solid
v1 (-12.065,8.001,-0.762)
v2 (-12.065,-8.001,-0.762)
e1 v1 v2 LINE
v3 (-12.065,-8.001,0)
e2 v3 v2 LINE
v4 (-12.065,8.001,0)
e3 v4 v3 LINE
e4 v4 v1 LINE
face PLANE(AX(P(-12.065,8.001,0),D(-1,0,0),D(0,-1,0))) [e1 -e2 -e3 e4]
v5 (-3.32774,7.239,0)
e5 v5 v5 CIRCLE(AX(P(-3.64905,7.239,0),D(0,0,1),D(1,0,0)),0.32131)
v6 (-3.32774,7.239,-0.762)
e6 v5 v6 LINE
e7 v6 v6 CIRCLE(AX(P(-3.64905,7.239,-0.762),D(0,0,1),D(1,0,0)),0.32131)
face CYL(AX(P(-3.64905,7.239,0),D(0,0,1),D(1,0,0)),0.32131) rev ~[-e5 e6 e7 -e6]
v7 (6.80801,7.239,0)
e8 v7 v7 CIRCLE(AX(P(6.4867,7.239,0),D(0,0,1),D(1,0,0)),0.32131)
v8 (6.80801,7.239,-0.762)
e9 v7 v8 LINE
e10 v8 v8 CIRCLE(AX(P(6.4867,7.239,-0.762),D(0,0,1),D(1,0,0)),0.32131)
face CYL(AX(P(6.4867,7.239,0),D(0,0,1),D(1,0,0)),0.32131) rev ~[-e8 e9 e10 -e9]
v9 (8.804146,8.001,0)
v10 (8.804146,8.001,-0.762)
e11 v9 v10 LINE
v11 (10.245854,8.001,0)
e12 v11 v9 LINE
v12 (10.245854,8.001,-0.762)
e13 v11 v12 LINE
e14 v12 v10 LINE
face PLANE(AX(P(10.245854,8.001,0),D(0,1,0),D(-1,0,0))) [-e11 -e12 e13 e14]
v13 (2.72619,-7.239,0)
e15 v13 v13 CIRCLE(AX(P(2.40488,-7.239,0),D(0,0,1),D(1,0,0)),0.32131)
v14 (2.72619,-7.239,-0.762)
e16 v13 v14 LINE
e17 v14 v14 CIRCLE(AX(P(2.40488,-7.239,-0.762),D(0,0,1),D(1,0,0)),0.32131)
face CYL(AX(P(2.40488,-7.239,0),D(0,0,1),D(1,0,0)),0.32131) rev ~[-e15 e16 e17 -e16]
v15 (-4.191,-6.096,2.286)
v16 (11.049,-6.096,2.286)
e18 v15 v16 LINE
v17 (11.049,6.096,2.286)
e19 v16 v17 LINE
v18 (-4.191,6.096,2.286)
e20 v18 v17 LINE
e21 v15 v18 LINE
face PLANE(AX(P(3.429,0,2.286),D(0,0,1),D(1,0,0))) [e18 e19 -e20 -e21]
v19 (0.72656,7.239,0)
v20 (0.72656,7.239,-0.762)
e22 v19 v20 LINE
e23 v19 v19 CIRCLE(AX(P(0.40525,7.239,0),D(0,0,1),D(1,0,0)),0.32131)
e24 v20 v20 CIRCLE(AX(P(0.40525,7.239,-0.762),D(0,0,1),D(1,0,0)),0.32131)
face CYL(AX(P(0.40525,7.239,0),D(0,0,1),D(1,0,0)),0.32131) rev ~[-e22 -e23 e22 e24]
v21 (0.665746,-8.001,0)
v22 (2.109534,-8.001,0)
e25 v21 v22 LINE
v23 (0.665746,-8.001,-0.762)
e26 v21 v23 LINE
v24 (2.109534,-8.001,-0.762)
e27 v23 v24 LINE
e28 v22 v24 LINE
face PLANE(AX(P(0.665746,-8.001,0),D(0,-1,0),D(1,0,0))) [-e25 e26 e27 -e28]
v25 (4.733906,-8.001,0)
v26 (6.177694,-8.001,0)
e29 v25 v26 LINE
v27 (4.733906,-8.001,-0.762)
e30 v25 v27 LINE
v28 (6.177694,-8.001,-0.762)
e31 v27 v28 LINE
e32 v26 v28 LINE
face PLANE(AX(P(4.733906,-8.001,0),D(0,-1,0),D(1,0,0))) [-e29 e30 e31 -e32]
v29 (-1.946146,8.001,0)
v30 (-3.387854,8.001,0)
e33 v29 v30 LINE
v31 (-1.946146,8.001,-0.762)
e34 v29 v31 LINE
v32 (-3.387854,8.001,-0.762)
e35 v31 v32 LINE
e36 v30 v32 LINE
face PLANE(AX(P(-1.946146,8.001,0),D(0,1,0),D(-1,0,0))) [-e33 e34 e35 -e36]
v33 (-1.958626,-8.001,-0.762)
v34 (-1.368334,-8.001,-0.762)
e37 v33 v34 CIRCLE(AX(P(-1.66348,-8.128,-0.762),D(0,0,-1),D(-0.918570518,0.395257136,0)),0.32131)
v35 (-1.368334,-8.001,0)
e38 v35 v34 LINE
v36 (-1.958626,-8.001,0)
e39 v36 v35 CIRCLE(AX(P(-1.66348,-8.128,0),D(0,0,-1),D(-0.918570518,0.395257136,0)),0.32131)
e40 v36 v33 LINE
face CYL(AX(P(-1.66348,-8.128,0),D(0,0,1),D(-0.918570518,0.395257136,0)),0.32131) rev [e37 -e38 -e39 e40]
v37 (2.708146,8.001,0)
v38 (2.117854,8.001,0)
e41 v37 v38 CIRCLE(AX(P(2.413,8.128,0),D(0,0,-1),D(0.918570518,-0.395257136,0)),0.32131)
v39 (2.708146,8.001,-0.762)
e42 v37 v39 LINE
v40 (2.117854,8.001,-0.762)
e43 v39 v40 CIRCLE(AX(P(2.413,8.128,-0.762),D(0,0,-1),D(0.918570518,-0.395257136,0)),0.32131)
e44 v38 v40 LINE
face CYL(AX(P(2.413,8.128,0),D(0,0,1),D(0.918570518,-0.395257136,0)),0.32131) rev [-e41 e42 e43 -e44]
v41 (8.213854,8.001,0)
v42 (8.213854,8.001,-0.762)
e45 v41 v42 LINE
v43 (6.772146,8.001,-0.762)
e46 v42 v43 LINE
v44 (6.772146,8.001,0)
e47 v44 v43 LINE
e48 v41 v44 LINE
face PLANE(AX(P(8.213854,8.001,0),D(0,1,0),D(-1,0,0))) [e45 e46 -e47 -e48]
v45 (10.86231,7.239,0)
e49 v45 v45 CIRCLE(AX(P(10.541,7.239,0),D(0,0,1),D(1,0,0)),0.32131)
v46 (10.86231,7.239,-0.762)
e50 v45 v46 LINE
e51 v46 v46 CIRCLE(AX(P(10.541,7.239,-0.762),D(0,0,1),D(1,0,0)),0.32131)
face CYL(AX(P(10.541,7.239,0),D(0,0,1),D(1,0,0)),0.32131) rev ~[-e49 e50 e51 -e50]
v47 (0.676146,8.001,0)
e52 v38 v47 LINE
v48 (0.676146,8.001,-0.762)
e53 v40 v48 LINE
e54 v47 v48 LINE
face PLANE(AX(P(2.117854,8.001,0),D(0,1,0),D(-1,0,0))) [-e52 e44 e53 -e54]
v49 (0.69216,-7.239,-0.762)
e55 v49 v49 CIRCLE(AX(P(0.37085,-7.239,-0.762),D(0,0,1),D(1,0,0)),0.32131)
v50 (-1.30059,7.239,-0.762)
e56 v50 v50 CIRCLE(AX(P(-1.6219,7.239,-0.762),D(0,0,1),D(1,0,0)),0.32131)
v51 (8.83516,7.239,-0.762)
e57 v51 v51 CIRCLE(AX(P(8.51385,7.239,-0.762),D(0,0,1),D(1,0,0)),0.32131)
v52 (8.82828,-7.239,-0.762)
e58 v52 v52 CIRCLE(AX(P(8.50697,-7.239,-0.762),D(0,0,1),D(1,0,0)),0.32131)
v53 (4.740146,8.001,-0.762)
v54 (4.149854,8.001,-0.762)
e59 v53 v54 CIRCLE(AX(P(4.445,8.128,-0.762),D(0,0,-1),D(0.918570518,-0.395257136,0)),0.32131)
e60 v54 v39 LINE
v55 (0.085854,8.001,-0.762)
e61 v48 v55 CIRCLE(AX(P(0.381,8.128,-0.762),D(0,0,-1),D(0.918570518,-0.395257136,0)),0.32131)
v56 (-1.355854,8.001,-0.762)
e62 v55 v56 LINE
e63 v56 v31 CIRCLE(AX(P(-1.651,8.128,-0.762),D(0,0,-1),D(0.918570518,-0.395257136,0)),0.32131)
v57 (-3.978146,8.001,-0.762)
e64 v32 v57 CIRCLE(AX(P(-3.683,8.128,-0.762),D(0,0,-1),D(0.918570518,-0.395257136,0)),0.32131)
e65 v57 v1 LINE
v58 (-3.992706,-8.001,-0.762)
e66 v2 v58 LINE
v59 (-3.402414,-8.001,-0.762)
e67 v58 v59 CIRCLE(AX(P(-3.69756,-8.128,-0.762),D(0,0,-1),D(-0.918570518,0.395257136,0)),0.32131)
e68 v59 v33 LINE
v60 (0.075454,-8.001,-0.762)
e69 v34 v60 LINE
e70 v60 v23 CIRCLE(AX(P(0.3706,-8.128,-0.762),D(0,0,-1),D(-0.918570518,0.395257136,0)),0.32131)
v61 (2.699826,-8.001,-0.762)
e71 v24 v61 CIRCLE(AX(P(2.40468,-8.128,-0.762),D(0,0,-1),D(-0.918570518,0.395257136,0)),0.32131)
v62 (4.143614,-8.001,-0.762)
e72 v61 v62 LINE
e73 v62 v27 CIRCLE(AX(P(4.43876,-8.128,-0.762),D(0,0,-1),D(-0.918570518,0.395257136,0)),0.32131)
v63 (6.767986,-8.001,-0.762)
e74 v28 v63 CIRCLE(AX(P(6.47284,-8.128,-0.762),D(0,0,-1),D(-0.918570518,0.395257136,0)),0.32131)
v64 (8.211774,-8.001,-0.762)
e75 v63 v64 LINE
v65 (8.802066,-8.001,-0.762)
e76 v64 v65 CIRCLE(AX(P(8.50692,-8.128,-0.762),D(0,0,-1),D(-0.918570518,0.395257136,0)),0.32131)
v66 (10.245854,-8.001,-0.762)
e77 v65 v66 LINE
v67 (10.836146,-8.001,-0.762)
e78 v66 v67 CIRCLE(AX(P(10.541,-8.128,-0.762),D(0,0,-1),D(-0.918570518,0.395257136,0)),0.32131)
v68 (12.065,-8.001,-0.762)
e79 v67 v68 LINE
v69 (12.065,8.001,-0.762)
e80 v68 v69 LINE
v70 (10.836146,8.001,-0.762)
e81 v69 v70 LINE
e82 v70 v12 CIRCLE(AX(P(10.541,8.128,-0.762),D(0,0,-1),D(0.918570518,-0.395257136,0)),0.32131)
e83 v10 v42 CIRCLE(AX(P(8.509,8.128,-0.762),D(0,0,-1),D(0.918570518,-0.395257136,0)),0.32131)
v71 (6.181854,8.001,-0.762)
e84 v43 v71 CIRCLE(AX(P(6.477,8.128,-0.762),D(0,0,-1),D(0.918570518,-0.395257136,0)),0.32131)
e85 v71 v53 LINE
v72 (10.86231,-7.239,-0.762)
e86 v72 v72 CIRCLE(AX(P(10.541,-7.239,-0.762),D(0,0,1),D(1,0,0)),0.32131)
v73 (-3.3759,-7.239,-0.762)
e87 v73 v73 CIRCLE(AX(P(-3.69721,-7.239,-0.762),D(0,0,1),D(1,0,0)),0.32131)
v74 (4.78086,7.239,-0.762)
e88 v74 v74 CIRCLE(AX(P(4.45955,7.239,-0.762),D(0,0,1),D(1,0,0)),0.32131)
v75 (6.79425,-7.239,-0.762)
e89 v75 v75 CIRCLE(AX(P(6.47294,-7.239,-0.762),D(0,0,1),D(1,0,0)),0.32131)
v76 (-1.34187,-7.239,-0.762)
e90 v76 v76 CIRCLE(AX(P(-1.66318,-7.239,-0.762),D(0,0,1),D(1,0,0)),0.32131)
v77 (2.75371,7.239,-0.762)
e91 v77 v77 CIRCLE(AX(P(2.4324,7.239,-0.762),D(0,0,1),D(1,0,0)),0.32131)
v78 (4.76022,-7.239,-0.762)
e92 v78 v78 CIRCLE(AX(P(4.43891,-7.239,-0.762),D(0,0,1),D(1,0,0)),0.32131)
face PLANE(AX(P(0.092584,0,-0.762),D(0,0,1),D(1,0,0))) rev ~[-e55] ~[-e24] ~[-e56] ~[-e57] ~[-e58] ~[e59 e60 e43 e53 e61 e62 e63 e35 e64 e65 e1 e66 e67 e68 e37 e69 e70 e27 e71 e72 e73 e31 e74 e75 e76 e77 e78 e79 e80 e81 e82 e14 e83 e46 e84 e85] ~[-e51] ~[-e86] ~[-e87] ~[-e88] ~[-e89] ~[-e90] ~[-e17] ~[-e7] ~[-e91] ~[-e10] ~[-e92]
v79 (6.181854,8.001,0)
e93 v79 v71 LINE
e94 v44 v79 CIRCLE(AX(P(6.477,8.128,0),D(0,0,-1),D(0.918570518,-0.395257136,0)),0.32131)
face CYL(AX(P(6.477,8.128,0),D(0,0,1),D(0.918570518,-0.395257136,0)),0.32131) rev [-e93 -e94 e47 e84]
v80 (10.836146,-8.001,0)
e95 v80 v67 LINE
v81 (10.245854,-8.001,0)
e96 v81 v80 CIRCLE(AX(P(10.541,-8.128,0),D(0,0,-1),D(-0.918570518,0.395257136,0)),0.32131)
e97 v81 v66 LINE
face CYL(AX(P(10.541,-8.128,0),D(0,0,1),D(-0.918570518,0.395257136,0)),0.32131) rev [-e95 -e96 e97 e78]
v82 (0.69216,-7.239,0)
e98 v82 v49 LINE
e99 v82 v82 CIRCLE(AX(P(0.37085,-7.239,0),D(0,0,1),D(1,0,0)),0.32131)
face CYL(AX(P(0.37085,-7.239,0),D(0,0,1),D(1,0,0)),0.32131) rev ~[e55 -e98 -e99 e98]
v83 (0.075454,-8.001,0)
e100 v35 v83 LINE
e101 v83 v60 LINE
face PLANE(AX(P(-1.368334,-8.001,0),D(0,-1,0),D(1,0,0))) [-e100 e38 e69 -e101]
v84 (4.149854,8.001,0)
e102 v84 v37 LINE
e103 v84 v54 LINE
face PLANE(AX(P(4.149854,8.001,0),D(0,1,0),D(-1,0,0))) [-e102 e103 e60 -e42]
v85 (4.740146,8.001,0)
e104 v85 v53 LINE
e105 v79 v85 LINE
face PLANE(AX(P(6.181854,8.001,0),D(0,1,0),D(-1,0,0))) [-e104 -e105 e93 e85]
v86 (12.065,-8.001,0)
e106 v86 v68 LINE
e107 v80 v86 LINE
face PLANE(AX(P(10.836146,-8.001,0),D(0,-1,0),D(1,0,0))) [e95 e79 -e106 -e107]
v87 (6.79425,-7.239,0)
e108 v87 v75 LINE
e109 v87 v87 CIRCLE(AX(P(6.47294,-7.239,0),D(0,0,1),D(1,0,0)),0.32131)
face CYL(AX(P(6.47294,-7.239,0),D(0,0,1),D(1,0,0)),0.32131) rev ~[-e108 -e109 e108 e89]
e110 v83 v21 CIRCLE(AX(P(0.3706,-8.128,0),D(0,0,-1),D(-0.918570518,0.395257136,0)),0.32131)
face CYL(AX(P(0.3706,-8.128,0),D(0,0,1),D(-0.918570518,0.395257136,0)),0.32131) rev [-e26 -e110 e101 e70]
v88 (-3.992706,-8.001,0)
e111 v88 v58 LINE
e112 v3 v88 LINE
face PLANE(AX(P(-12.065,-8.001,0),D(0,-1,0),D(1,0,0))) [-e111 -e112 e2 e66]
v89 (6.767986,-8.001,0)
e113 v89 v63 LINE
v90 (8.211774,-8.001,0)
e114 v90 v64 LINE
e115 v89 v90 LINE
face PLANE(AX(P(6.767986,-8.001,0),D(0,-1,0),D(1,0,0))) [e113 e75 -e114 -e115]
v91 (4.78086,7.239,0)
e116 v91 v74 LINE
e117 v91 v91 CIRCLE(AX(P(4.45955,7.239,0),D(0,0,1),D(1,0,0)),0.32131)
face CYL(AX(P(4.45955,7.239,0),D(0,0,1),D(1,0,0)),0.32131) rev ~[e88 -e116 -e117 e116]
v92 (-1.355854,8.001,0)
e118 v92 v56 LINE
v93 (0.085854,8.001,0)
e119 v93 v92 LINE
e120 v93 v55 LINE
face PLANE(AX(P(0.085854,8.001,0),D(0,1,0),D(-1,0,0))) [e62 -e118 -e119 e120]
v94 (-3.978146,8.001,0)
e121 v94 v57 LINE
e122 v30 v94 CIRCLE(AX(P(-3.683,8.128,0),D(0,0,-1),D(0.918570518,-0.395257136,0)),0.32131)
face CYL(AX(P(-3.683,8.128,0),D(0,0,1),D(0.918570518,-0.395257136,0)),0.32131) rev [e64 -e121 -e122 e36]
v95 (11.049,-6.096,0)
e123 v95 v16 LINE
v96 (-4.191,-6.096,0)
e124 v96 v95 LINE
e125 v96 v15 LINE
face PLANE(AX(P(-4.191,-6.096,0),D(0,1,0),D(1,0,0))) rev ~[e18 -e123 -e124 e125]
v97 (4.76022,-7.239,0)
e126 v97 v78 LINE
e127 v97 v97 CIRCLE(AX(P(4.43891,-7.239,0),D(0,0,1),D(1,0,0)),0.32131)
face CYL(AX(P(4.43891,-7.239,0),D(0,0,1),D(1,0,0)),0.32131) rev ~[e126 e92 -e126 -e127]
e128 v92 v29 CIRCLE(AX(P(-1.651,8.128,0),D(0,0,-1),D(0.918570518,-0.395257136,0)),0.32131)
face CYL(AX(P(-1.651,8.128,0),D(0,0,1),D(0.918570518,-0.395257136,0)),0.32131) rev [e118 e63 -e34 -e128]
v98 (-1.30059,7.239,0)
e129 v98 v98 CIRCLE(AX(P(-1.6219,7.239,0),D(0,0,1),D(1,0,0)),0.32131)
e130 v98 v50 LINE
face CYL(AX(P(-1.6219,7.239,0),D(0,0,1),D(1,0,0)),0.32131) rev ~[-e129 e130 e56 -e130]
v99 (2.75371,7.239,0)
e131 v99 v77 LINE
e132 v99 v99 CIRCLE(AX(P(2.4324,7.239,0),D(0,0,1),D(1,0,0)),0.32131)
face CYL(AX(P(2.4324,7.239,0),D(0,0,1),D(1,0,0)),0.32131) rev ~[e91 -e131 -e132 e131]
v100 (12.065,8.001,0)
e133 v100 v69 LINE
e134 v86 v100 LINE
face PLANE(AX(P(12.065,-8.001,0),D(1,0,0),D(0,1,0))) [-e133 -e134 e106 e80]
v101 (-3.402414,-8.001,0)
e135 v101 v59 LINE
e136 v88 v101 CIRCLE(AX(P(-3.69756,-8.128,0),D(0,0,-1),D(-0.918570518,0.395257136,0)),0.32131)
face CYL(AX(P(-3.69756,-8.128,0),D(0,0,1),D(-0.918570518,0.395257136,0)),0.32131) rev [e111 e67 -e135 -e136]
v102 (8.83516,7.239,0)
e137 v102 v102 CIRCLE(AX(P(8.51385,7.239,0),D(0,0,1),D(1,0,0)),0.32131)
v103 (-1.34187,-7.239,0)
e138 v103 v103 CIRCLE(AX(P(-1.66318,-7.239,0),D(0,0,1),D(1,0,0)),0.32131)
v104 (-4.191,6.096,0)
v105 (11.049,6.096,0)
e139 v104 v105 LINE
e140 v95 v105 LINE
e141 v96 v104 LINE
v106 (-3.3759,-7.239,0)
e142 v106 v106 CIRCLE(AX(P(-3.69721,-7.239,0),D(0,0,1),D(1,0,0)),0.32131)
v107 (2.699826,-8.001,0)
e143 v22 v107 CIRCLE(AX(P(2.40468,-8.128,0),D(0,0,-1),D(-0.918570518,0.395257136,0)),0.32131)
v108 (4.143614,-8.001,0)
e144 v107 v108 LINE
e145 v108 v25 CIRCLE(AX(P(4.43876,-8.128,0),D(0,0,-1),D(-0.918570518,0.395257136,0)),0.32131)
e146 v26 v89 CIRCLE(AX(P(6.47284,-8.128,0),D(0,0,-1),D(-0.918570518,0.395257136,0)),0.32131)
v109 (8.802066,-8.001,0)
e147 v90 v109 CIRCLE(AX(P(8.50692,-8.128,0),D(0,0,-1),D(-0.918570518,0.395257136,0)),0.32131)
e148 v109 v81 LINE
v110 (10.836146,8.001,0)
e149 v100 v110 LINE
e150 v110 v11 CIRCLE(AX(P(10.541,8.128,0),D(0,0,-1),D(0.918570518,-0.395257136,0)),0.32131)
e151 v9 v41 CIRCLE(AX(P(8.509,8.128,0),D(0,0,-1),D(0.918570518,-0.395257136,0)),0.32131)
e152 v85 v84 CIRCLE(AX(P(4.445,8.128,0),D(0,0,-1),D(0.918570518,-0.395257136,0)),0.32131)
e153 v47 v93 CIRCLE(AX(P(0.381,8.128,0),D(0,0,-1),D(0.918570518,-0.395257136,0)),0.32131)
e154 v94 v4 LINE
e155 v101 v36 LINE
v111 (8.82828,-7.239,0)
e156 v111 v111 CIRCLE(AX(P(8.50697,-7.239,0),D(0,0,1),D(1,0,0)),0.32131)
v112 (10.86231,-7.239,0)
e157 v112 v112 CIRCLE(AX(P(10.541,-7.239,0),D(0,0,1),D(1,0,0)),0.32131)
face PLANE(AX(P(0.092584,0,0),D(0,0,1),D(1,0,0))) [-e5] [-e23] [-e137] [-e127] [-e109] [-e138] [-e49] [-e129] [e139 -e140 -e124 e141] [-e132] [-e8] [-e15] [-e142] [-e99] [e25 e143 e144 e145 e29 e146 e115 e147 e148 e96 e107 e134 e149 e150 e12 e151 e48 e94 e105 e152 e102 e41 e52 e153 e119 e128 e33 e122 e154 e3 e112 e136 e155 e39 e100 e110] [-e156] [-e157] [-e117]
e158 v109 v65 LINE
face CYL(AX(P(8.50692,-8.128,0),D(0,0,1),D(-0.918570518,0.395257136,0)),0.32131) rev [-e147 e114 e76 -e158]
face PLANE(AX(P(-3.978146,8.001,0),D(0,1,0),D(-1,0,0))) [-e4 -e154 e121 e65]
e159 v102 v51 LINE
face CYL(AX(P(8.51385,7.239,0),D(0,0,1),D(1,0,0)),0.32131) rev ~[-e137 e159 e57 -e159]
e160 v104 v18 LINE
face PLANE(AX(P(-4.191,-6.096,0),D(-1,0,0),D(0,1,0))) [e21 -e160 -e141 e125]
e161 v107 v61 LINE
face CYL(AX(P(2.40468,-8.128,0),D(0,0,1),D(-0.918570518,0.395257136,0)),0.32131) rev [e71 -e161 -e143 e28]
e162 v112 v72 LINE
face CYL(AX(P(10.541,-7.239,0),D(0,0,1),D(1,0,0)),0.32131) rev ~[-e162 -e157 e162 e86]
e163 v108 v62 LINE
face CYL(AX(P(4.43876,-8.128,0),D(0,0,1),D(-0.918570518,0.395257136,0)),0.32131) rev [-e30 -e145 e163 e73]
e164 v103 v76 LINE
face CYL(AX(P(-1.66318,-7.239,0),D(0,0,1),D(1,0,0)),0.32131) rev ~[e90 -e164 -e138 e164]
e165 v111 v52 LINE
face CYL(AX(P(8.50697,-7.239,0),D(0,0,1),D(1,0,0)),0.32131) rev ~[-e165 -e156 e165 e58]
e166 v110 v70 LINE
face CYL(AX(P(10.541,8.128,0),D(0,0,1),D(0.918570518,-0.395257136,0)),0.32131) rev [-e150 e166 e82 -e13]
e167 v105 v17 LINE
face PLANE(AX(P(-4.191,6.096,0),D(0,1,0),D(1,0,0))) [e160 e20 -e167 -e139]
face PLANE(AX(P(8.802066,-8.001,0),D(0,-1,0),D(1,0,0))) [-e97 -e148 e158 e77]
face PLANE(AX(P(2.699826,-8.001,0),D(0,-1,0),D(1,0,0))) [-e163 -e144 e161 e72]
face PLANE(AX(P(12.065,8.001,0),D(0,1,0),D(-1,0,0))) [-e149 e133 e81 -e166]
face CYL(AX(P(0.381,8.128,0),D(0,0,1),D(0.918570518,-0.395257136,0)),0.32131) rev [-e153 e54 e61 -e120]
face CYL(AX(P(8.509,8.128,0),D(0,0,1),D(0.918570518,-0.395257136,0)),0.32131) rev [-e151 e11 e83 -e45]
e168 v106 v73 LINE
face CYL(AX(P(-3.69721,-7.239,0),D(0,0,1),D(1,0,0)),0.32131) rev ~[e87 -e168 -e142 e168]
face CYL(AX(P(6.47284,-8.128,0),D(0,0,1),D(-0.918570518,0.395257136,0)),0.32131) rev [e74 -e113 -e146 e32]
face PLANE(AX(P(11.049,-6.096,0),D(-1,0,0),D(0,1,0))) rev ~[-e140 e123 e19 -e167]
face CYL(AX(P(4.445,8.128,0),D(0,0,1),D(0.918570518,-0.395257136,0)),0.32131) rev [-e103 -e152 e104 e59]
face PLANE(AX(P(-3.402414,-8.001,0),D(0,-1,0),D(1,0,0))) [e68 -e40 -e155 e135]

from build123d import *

# Parameters (mm, degrees)
F0_R     = 0.32131
F0_W     = 15.24
F0_H     = 12.192
F1_DEPTH = 0.762
F2_DEPTH = 2.286


with BuildPart() as f1:
    # F0 (on Top) → F1 (new body)
    with BuildSketch(Plane.XY):
        with BuildLine():
            Line((12.065, -8.001), (12.065, 8.001))
            Line((12.065, 8.001), (10.836146, 8.001))
            ThreePointArc((10.836146, 8.001), (10.541, 7.80669), (10.245854, 8.001))
            Line((10.245854, 8.001), (8.804146, 8.001))
            ThreePointArc((8.804146, 8.001), (8.509, 7.80669), (8.213854, 8.001))
            Line((8.213854, 8.001), (6.772146, 8.001))
            ThreePointArc((6.772146, 8.001), (6.477, 7.80669), (6.181854, 8.001))
            Line((6.181854, 8.001), (4.740146, 8.001))
            ThreePointArc((4.740146, 8.001), (4.445, 7.80669), (4.149854, 8.001))
            Line((4.149854, 8.001), (2.708146, 8.001))
            ThreePointArc((2.708146, 8.001), (2.413, 7.80669), (2.117854, 8.001))
            Line((2.117854, 8.001), (0.676146, 8.001))
            ThreePointArc((0.676146, 8.001), (0.381, 7.80669), (0.085854, 8.001))
            Line((0.085854, 8.001), (-1.355854, 8.001))
            ThreePointArc((-1.355854, 8.001), (-1.651, 7.80669), (-1.946146, 8.001))
            Line((-1.946146, 8.001), (-3.387854, 8.001))
            ThreePointArc((-3.387854, 8.001), (-3.683, 7.80669), (-3.978146, 8.001))
            Line((-3.978146, 8.001), (-12.065, 8.001))
            Line((-12.065, 8.001), (-12.065, -8.001))
            Line((-12.065, -8.001), (-3.992706, -8.001))
            ThreePointArc((-3.992706, -8.001), (-3.69756, -7.80669), (-3.402414, -8.001))
            Line((-3.402414, -8.001), (-1.958626, -8.001))
            ThreePointArc((-1.958626, -8.001), (-1.66348, -7.80669), (-1.368334, -8.001))
            Line((-1.368334, -8.001), (0.075454, -8.001))
            ThreePointArc((0.075454, -8.001), (0.3706, -7.80669), (0.665746, -8.001))
            Line((0.665746, -8.001), (2.109534, -8.001))
            ThreePointArc((2.109534, -8.001), (2.40468, -7.80669), (2.699826, -8.001))
            Line((2.699826, -8.001), (4.143614, -8.001))
            ThreePointArc((4.143614, -8.001), (4.43876, -7.80669), (4.733906, -8.001))
            Line((4.733906, -8.001), (6.177694, -8.001))
            ThreePointArc((6.177694, -8.001), (6.47284, -7.80669), (6.767986, -8.001))
            Line((6.767986, -8.001), (8.211774, -8.001))
            ThreePointArc((8.211774, -8.001), (8.50692, -7.80669), (8.802066, -8.001))
            Line((8.802066, -8.001), (10.245854, -8.001))
            ThreePointArc((10.245854, -8.001), (10.541, -7.80669), (10.836146, -8.001))
            Line((10.836146, -8.001), (12.065, -8.001))
        make_face()
        with Locations((-3.69721, -7.239)):
            Circle(F0_R, mode=Mode.SUBTRACT)
        with Locations((-1.66318, -7.239)):
            Circle(F0_R, mode=Mode.SUBTRACT)
        with Locations((0.37085, -7.239)):
            Circle(F0_R, mode=Mode.SUBTRACT)
        with Locations((2.40488, -7.239)):
            Circle(F0_R, mode=Mode.SUBTRACT)
        with Locations((4.43891, -7.239)):
            Circle(F0_R, mode=Mode.SUBTRACT)
        with Locations((6.47294, -7.239)):
            Circle(F0_R, mode=Mode.SUBTRACT)
        with Locations((8.50697, -7.239)):
            Circle(F0_R, mode=Mode.SUBTRACT)
        with Locations((10.541, -7.239)):
            Circle(F0_R, mode=Mode.SUBTRACT)
        with Locations((-3.64905, 7.239)):
            Circle(F0_R, mode=Mode.SUBTRACT)
        with Locations((-1.6219, 7.239)):
            Circle(F0_R, mode=Mode.SUBTRACT)
        with Locations((3.429, 0)):
            Rectangle(F0_W, F0_H, mode=Mode.SUBTRACT)
        with Locations((0.40525, 7.239)):
            Circle(F0_R, mode=Mode.SUBTRACT)
        with Locations((2.4324, 7.239)):
            Circle(F0_R, mode=Mode.SUBTRACT)
        with Locations((4.45955, 7.239)):
            Circle(F0_R, mode=Mode.SUBTRACT)
        with Locations((6.4867, 7.239)):
            Circle(F0_R, mode=Mode.SUBTRACT)
        with Locations((8.51385, 7.239)):
            Circle(F0_R, mode=Mode.SUBTRACT)
        with Locations((10.541, 7.239)):
            Circle(F0_R, mode=Mode.SUBTRACT)
        with Locations((3.429, 0)):
            Rectangle(F0_W, F0_H)
    extrude(amount=-F1_DEPTH)

    # F0 (on Top) → F2 (join)
    with BuildSketch(Plane.XY):
        with Locations((3.429, 0)):
            Rectangle(F0_W, F0_H)
    extrude(amount=F2_DEPTH)


solid = f1.part
